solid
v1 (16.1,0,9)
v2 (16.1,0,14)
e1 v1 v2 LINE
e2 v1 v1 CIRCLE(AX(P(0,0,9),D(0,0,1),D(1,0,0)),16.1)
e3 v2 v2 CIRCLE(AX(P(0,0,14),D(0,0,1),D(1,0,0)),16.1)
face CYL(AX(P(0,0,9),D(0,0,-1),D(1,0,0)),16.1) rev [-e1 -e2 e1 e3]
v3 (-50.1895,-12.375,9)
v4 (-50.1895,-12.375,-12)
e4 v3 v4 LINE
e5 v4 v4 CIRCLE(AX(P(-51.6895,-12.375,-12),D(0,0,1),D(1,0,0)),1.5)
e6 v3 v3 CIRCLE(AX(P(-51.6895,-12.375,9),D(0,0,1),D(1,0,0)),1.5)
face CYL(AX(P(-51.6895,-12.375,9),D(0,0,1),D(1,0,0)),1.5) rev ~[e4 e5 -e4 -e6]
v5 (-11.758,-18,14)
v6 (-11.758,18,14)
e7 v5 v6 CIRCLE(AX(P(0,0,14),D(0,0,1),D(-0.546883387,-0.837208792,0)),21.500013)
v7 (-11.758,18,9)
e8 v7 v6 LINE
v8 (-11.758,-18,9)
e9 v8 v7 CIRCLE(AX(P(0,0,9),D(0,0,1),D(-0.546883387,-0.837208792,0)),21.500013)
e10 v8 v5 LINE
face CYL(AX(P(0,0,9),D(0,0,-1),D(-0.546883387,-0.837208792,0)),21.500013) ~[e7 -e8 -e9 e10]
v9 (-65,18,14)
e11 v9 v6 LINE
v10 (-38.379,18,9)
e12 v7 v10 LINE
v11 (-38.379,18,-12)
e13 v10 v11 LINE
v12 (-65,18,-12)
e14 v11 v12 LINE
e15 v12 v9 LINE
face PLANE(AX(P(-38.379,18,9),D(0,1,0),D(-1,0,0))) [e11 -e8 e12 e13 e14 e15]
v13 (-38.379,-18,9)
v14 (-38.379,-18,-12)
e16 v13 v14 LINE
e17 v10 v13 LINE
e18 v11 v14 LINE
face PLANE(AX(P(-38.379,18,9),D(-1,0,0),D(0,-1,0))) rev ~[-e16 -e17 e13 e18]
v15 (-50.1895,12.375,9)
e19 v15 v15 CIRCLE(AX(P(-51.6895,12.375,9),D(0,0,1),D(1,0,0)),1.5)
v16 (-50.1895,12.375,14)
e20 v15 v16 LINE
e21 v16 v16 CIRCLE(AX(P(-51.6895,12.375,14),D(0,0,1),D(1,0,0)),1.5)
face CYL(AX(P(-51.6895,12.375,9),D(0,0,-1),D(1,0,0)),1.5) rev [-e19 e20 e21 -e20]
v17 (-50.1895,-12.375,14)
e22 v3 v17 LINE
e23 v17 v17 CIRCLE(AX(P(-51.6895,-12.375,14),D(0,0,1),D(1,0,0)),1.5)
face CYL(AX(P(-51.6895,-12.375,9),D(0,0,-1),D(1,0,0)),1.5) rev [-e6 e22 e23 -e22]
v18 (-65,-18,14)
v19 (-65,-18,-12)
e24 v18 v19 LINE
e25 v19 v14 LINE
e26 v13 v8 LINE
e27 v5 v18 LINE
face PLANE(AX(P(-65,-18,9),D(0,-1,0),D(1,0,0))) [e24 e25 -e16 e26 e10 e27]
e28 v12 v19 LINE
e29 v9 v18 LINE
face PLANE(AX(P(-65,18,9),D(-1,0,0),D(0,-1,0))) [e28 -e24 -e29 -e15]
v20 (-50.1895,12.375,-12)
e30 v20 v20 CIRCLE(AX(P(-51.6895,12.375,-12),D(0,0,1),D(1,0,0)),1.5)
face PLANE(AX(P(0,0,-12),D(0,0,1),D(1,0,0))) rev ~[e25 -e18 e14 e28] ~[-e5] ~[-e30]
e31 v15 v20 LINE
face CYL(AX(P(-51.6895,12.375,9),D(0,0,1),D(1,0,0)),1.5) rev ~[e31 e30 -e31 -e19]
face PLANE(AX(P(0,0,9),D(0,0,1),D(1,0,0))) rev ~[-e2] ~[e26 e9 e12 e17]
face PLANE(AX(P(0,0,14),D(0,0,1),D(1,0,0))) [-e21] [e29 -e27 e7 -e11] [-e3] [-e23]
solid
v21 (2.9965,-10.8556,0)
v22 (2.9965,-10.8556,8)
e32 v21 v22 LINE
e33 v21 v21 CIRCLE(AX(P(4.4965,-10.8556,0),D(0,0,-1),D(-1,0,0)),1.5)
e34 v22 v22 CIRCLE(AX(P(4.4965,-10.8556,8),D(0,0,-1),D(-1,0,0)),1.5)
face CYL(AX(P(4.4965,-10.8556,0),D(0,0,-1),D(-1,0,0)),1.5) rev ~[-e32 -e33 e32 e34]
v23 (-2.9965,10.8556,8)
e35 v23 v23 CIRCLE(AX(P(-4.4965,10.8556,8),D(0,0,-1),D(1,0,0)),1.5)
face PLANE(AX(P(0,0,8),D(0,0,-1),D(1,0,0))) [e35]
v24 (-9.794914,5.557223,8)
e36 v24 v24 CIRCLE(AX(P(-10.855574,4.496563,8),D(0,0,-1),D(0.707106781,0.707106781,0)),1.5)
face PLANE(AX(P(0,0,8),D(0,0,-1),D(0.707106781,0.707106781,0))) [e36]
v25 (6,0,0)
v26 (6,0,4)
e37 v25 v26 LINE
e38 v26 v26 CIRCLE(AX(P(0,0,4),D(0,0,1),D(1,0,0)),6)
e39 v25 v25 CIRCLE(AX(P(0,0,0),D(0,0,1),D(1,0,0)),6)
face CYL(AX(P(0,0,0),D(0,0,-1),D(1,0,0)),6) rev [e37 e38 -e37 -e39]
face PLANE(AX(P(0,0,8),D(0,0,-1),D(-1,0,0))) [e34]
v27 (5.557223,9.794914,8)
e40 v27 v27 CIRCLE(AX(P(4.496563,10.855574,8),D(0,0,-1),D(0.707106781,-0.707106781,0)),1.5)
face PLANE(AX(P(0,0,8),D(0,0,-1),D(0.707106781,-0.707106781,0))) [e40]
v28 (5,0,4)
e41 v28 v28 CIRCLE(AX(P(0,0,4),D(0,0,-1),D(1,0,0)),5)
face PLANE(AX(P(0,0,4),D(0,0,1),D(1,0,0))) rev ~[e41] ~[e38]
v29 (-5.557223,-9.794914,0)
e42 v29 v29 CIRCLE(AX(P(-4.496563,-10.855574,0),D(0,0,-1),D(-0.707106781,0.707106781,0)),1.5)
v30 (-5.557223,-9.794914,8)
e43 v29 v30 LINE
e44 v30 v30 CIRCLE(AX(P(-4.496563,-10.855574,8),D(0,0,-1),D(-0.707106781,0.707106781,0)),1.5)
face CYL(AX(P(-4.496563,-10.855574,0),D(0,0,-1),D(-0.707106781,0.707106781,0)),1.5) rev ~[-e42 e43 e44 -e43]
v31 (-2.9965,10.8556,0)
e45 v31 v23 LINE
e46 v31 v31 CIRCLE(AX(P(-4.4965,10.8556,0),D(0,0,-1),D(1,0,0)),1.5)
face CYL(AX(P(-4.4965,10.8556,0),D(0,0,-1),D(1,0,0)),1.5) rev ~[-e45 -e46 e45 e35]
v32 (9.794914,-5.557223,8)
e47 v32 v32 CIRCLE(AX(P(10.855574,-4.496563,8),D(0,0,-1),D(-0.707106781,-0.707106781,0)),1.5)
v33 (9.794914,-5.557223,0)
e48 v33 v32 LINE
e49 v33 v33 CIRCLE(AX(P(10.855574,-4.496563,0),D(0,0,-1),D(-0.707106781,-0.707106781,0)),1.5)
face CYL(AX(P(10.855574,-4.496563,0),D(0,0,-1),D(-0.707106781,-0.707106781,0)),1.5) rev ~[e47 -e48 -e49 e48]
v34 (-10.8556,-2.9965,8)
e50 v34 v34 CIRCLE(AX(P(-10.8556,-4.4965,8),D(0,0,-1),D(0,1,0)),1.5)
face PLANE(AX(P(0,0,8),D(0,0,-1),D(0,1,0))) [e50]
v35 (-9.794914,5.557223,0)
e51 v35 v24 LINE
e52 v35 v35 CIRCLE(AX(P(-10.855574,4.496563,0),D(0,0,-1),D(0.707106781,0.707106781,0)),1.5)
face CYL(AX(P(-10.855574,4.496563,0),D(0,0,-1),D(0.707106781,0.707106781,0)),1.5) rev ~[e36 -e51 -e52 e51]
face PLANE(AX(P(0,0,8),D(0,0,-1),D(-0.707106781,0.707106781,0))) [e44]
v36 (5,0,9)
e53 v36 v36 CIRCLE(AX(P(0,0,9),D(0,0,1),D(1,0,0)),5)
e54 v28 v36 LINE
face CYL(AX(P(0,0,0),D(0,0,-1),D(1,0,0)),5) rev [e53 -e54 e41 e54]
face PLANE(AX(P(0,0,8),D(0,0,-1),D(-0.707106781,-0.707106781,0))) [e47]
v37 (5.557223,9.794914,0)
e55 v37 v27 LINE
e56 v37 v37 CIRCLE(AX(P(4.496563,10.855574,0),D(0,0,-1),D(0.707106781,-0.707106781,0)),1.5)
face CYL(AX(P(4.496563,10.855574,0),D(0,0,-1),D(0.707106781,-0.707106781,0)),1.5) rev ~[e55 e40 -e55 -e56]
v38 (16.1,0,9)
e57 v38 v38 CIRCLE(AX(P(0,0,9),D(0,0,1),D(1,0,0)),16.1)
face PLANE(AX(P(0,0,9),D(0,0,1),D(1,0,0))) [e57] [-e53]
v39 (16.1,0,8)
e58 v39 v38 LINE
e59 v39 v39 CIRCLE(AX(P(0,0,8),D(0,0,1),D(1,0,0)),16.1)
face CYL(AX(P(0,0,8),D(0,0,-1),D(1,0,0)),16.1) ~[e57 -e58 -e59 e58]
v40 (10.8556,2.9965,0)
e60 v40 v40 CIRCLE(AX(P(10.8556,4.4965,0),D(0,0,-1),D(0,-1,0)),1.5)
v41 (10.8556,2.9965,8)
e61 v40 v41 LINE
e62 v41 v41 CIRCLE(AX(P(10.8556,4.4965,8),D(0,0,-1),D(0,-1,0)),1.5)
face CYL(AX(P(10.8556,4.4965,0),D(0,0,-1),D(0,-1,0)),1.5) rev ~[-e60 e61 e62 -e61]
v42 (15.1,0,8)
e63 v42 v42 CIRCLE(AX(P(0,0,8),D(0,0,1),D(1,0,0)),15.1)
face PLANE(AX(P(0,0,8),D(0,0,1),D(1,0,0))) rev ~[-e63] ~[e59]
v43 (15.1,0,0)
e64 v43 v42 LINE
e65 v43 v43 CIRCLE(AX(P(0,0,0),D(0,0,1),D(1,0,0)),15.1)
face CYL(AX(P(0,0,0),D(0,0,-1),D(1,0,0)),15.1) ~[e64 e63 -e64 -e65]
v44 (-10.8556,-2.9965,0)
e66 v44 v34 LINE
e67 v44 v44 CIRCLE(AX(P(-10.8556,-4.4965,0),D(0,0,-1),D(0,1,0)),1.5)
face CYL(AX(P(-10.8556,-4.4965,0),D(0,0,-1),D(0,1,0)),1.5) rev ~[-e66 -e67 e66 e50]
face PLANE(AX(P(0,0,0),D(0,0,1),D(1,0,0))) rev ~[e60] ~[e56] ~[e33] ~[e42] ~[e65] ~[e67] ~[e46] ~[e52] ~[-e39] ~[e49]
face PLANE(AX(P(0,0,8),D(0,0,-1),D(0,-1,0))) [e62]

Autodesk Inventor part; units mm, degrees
ref_plane "YZ Plane" through (0, 0, 0) normal (1, 0, 0) x (0, 1, 0)
ref_plane "XZ Plane" through (0, 0, 0) normal (0, 1, 0) x (-1, 0, 0)
ref_plane "XY Plane" through (0, 0, 0) normal (0, 0, 1) x (1, 0, 0)
sketch "Sketch1" plane through (0, 0, 0) normal (0, 0, 1) x (1, 0, 0)
  circle A0 centre (0, 0) radius 15.1
  circle A1 centre (0, 0) radius 5
  dimension "d0" = 30.2
  dimension "d1" = 10
extrude "Extrusion1" add sketch "Sketch1" along normal blind 8
sketch "Sketch3" plane through (0, 0, 8) normal (0, 0, 1) x (1, 0, 0)
  circle A0 centre (0, 0) radius 5 projected
  circle A1 centre (0, 0) radius 15.1 projected
  circle A2 centre (0, 0) radius 16.1
  dimension "d21" = 1
extrude "Extrusion3" add sketch "Sketch3" along normal blind 1 contours A1 | A2
sketch "Sketch4" plane through (0, 0, 9) normal (0, 0, 1) x (1, 0, 0)
  circle A0 centre (0, 0) radius 5 projected
  circle A1 centre (0, 0) radius 16.1 projected
  arc A2 (-21.5, 0) -> (-11.758, -18) centre (0, 0) ccw construction
  line L0 (0, 0) -> (-37.0387, 0) construction
  line L1 (-11.758, 18) -> (-65, 18)
  line L2 (-65, 18) -> (-65, -18)
  arc A3 (-65, -18) -> (-65, -18) centre (-67.4575, -18) ccw
  circle A4 centre (-51.6895, 12.375) radius 1.5
  circle A5 centre (-51.6895, -12.375) radius 1.5
  circle A6 centre (0, 0) radius 6
  circle A7 centre (0, 0) radius 9
  line L3 (-65, -18) -> (-11.758, -18)
  line L4 (-11.758, 18) -> (-11.758, -18) construction
  line L5 (-38.379, 18) -> (-38.379, -18)
  line L6 (-51.6895, 12.375) -> (-51.6895, -12.375) construction
  arc A8 (-11.758, 18) -> (-21.5, 0) centre (0, 0) ccw construction
  arc A9 (-11.758, -18) -> (-11.758, 18) centre (0, 0) ccw
  dimension "d22" = 43
  dimension "d31" = 65
  dimension "d623" = 3
  dimension "d624" = 24.75
  dimension "d627" = 12
  dimension "d628" = 3
  dimension "d633" = 36
extrude "Extrusion5" add sketch "Sketch4" along normal blind 5 contours A9 L3 L5 L1 | L5 L3 L2 L1
sketch "Sketch17" plane through (0, 0, 0) normal (0, 0, -1) x (-1, 0, 0)
  circle A0 centre (0, 0) radius 5 projected
  circle A1 centre (0, 0) radius 15.1 projected
  line L0 (0, 0) -> (0, -15.1) construction
  circle A2 centre (0, 0) radius 15.1 projected
  line L1 (0, 0) -> (-5.7785, -13.9506) construction
  circle A3 centre (-4.4965, -10.8556) radius 1.5
  dimension "d100" = 22.5
  dimension "d101" = 3
  dimension "d102" = 11.75
extrude "Extrusion14" cut sketch "Sketch17" against normal blind 8 contours A3
pattern_circular "Circular Pattern3" count 8 over 360 about axis through (0, 0, 0) along (0, 0, 1) of "Extrusion14"
extrude "Extrusion85" add sketch "Sketch4" against normal blind 21 contours L5 L3 L2 L1
extrude "Extrusion86" cut sketch "Sketch4" along normal through all both and the other way through all contours A4 | A5
extrude "Extrusion88" cut sketch "Sketch4" along normal blind 4 from surface at -9 contours A0 | A6
equation "\"E_\" = 1"
equation "\"Rr_\" = 2"
equation "\"R_\" = 19"
equation "\"Ri\" = 11.75"
equation "\"Ra\" = 21.5"
equation "\"Rl\" = 17.5"
equation "\"Rla\" = 18.5"
equation "\"Rli\" = 15"
equation "\"Rsi\" = 5"
equation "\"Rsa\" = 7.5"
equation "\"Rca\" = 7"
equation "\"Ras\" = 1"
equation "\"Rci\" = 5"
equation "\"Rea\" = 3.5"
equation "\"Rei\" = 2"
properties part number "encoder in 6809_ab"
